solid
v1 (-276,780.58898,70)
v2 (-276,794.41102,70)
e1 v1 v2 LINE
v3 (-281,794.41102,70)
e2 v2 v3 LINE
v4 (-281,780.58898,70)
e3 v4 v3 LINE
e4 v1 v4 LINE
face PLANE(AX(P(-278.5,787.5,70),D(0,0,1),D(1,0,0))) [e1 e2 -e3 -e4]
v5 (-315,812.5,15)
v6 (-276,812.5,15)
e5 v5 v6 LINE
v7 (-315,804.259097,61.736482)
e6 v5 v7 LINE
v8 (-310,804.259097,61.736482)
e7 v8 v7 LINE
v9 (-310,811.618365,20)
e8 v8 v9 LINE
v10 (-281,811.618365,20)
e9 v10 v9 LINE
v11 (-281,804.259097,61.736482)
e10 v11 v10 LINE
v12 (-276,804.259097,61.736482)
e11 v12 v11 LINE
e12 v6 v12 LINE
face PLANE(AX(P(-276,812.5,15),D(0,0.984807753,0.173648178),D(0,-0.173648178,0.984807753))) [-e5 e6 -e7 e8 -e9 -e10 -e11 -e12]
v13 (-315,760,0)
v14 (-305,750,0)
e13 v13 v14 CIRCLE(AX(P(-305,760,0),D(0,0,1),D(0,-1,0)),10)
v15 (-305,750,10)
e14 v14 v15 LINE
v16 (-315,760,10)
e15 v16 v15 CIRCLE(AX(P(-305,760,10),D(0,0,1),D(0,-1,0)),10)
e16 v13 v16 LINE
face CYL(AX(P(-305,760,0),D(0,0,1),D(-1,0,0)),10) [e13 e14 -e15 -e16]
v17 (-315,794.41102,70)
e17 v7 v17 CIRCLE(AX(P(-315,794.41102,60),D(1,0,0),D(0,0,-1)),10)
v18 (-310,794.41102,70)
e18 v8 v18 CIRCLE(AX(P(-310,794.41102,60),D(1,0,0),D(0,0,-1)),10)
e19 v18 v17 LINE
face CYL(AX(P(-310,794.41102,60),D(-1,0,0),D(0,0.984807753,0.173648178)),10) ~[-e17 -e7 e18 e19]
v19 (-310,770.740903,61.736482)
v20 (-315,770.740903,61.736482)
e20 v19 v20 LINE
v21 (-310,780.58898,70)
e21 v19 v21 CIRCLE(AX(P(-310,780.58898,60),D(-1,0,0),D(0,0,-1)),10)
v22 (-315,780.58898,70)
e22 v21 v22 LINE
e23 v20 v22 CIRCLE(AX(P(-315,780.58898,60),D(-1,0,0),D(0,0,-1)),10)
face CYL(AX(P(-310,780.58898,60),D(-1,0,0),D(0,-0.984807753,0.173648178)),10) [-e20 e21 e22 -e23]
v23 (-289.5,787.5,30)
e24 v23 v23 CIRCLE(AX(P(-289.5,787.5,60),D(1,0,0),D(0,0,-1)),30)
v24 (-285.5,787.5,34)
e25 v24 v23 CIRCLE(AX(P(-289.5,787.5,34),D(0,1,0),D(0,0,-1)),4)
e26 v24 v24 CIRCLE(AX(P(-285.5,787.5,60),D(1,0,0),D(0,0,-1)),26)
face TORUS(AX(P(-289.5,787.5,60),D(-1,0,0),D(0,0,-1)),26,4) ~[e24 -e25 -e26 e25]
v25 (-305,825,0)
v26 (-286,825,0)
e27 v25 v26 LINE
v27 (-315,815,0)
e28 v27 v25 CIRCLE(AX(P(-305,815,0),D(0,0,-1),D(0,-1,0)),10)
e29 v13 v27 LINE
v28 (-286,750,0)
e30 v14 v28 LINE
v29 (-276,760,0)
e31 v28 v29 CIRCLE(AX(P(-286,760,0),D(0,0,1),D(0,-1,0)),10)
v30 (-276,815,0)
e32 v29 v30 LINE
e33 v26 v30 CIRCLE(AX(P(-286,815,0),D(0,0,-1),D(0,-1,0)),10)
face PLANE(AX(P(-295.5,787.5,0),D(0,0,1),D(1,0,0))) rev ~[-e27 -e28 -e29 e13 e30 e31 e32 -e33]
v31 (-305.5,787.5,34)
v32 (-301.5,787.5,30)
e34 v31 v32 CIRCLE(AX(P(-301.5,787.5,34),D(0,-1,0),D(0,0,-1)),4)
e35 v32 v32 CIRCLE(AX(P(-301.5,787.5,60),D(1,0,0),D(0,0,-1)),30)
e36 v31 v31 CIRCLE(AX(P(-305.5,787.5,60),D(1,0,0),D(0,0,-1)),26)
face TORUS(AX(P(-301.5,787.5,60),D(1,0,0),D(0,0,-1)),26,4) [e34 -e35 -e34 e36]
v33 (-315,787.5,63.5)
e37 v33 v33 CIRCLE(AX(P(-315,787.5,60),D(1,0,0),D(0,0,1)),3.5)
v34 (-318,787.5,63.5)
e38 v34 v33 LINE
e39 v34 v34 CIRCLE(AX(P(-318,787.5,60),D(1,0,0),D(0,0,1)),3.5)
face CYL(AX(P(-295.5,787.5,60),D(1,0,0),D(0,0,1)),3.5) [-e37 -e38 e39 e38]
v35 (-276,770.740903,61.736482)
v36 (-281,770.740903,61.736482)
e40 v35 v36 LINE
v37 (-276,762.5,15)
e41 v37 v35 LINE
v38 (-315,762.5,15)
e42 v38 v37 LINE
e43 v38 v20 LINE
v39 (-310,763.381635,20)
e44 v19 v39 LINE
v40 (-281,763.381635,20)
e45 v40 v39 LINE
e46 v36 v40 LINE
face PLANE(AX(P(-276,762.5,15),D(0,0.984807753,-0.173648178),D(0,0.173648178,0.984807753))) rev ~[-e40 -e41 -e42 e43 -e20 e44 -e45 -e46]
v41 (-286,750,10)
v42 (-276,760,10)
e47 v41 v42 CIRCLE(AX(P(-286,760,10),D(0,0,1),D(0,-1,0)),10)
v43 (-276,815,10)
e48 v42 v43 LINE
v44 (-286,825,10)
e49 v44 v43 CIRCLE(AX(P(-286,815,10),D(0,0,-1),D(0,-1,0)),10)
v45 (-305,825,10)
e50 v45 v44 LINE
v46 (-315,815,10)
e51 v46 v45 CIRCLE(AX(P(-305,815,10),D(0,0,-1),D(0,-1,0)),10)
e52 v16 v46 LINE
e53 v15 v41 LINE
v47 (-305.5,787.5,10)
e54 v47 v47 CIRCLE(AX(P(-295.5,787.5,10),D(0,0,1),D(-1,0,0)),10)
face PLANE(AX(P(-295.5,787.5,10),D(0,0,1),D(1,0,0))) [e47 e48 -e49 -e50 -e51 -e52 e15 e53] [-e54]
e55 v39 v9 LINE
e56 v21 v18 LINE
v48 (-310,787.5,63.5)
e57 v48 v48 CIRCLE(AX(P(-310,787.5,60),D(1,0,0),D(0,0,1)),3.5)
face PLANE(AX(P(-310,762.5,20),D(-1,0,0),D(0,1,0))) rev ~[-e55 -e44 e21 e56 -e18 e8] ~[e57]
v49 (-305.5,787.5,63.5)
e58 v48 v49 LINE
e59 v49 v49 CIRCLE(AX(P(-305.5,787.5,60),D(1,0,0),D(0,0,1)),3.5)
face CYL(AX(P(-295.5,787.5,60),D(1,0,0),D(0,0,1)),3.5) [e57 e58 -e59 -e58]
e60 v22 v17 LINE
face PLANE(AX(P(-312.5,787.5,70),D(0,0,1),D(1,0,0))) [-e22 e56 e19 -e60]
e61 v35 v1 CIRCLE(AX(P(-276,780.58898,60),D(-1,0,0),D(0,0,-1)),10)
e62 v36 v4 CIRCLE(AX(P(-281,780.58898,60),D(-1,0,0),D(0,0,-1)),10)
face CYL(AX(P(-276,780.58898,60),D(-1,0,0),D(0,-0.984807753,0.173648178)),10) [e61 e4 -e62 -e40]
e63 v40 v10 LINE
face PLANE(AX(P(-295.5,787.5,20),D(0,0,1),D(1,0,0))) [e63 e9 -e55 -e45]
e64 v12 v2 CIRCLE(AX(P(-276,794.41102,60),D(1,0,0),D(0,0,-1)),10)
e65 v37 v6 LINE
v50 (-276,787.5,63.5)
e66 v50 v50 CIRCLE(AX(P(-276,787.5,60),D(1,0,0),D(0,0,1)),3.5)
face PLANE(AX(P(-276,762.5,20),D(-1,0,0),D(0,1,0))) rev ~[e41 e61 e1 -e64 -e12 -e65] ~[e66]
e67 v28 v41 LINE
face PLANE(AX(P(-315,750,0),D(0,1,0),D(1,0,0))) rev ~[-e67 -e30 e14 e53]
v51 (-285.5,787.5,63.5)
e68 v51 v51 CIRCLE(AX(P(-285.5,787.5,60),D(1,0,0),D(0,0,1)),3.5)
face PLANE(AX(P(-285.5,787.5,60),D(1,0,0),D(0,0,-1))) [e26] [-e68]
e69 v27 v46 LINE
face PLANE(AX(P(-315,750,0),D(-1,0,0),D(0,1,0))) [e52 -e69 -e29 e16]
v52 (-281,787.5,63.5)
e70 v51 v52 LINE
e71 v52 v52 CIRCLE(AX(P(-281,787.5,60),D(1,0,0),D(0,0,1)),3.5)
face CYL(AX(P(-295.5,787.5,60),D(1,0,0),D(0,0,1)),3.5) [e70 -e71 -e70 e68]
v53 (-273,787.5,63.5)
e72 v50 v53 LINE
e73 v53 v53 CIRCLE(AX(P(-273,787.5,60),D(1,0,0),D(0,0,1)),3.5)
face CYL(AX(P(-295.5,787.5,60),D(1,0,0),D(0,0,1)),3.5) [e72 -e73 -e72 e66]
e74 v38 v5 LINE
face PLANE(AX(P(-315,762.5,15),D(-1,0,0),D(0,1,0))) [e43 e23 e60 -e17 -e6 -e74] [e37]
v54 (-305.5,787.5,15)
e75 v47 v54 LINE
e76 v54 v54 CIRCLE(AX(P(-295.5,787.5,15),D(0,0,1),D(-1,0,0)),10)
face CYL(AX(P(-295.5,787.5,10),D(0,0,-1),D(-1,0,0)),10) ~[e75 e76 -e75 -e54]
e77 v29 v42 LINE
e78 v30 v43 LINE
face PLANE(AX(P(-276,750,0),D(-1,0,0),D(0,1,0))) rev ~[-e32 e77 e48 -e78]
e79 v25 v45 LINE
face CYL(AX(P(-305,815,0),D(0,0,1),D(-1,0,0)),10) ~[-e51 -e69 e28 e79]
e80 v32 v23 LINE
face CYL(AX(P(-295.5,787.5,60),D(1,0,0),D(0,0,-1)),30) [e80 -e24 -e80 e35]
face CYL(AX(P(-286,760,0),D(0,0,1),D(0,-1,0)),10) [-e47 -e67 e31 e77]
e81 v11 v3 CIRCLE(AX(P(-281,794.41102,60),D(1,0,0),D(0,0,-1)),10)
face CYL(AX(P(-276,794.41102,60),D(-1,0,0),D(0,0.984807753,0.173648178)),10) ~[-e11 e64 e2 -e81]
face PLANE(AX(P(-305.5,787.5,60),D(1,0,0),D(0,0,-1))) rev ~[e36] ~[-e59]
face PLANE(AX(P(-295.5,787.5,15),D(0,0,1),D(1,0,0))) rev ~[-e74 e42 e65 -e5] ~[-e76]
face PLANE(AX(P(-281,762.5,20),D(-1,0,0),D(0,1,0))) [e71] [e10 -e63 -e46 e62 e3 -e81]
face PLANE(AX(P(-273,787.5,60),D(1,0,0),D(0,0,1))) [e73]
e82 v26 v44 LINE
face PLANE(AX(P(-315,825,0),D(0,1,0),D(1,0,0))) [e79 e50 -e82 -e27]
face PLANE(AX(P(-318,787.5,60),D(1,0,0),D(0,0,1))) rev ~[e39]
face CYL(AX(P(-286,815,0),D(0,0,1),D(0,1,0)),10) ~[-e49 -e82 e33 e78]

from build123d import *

# Parameters (mm, degrees)
SKETCH1_W           = 39
SKETCH1_H           = 75
BOSS_EXTRUDE1_DEPTH = 10
SKETCH2_R           = 10
BOSS_EXTRUDE2_DEPTH = 5
SKETCH3_W           = 39
SKETCH3_H           = 50
BOSS_EXTRUDE3_DEPTH = 5
SKETCH4_W           = 5
SKETCH4_H           = 50
BOSS_EXTRUDE4_DEPTH = 50
CUT_EXTRUDE1_REACH  = 830.882
FILLET1_R           = 10
SKETCH6_R           = 30
BOSS_EXTRUDE5_DEPTH = 10
SKETCH7_R           = 3.5
BOSS_EXTRUDE6_DEPTH = 22.5
FILLET2_R           = 4
FILLET3_R           = 10


with BuildPart() as part:
    # Sketch1 → Boss-Extrude1 (new body)
    with BuildSketch(Plane.XY):
        with Locations((-295.5, 787.5)):
            Rectangle(SKETCH1_W, SKETCH1_H)
    extrude(amount=BOSS_EXTRUDE1_DEPTH)

    # Sketch2 → Boss-Extrude2 (add)
    with BuildSketch(Plane.XY.offset(10)):
        with Locations(Location((-295.5, 787.5, 0), (0, 0, 180))):
            Circle(SKETCH2_R)
    extrude(amount=BOSS_EXTRUDE2_DEPTH)

    # Sketch3 → Boss-Extrude3 (add)
    with BuildSketch(Plane.XY.offset(15)):
        with Locations((-295.5, 787.5)):
            Rectangle(SKETCH3_W, SKETCH3_H)
    extrude(amount=BOSS_EXTRUDE3_DEPTH)

    # Sketch4 → Boss-Extrude4 (add)
    with BuildSketch(Plane.XY.offset(20)):
        with Locations((-278.5, 787.5)):
            Rectangle(SKETCH4_W, SKETCH4_H)
        with Locations((-312.5, 787.5)):
            Rectangle(SKETCH4_W, SKETCH4_H)
    extrude(amount=BOSS_EXTRUDE4_DEPTH)

    # Cut-Extrude1: up to this face of the body (flat: up to its plane)
    cut_extrude1_end = Plane(part.part.faces().sort_by_distance((-315, 787.5, 42.5))[0])
    # Sketch5 → Cut-Extrude1 (cut, up to the picked face)
    with BuildSketch(Plane(origin=(-276, 0, 0), x_dir=(0, 0, -1), z_dir=(1, 0, 0)), mode=Mode.PRIVATE) as cut_extrude1_sk1:
        Polygon((-15, 812.5), (-70, 802.802016061), (-70, 812.5), align=None)
    cut_extrude1_tool1 = split(extrude(cut_extrude1_sk1.sketch, amount=-CUT_EXTRUDE1_REACH, mode=Mode.PRIVATE), bisect_by=cut_extrude1_end, keep=Keep.BOTH, mode=Mode.PRIVATE)
    # Sketch5 → Cut-Extrude1 (cut, up to the picked face)
    with BuildSketch(Plane(origin=(-276, 0, 0), x_dir=(0, 0, -1), z_dir=(1, 0, 0)), mode=Mode.PRIVATE) as cut_extrude1_sk2:
        Polygon((-70, 762.5), (-15, 762.5), (-70, 772.197983939), align=None)
    cut_extrude1_tool2 = split(extrude(cut_extrude1_sk2.sketch, amount=-CUT_EXTRUDE1_REACH, mode=Mode.PRIVATE), bisect_by=cut_extrude1_end, keep=Keep.BOTH, mode=Mode.PRIVATE)
    add(cut_extrude1_tool1.solids().sort_by(Axis((-276, 809.267339, 51.666667), (-1, 0, 0)))[0], mode=Mode.SUBTRACT)
    add(cut_extrude1_tool2.solids().sort_by(Axis((-276, 765.732661, 51.666667), (-1, 0, 0)))[0], mode=Mode.SUBTRACT)

    # Fillet1
    fillet1_edges = [part.edges().sort_by_distance(p)[0] for p in [
        (-315, 825, 5),
        (-276, 825, 5),
        (-276, 750, 5),
        (-315, 750, 5),
    ]]
    fillet(fillet1_edges, radius=FILLET1_R)



with BuildPart() as body_2:
    # Sketch6 → Boss-Extrude5 (new, symmetric)
    with BuildSketch(Plane(origin=(-295.5, 0, 0), x_dir=(0, 0, -1), z_dir=(1, 0, 0))):
        with Locations((-60, 787.5)):
            Circle(SKETCH6_R)
    extrude(amount=BOSS_EXTRUDE5_DEPTH, both=True)


with BuildPart() as part_1:
    add(part.part)

    add(body_2.part)  # Boss-Extrude6 merges body 2
    # Sketch7 → Boss-Extrude6 (add, symmetric)
    with BuildSketch(Plane(origin=(-295.5, 0, 0), x_dir=(0, 0, -1), z_dir=(1, 0, 0))):
        with Locations(Location((-60, 787.5, 0), (0, 0, 180))):
            Circle(SKETCH7_R)
    extrude(amount=BOSS_EXTRUDE6_DEPTH, both=True)

    # Fillet2
    fillet2_edges = [part_1.edges().sort_by_distance(p)[0] for p in [
        (-305.5, 787.5, 90),
        (-285.5, 787.5, 90),
    ]]
    fillet(fillet2_edges, radius=FILLET2_R)

    # Fillet3
    fillet3_edges = [part_1.edges().sort_by_distance(p)[0] for p in [
        (-278.5, 802.802016061, 70),
        (-312.5, 802.802016061, 70),
        (-278.5, 772.197983939, 70),
        (-312.5, 772.197983939, 70),
    ]]
    fillet(fillet3_edges, radius=FILLET3_R)


solid = part_1.part
